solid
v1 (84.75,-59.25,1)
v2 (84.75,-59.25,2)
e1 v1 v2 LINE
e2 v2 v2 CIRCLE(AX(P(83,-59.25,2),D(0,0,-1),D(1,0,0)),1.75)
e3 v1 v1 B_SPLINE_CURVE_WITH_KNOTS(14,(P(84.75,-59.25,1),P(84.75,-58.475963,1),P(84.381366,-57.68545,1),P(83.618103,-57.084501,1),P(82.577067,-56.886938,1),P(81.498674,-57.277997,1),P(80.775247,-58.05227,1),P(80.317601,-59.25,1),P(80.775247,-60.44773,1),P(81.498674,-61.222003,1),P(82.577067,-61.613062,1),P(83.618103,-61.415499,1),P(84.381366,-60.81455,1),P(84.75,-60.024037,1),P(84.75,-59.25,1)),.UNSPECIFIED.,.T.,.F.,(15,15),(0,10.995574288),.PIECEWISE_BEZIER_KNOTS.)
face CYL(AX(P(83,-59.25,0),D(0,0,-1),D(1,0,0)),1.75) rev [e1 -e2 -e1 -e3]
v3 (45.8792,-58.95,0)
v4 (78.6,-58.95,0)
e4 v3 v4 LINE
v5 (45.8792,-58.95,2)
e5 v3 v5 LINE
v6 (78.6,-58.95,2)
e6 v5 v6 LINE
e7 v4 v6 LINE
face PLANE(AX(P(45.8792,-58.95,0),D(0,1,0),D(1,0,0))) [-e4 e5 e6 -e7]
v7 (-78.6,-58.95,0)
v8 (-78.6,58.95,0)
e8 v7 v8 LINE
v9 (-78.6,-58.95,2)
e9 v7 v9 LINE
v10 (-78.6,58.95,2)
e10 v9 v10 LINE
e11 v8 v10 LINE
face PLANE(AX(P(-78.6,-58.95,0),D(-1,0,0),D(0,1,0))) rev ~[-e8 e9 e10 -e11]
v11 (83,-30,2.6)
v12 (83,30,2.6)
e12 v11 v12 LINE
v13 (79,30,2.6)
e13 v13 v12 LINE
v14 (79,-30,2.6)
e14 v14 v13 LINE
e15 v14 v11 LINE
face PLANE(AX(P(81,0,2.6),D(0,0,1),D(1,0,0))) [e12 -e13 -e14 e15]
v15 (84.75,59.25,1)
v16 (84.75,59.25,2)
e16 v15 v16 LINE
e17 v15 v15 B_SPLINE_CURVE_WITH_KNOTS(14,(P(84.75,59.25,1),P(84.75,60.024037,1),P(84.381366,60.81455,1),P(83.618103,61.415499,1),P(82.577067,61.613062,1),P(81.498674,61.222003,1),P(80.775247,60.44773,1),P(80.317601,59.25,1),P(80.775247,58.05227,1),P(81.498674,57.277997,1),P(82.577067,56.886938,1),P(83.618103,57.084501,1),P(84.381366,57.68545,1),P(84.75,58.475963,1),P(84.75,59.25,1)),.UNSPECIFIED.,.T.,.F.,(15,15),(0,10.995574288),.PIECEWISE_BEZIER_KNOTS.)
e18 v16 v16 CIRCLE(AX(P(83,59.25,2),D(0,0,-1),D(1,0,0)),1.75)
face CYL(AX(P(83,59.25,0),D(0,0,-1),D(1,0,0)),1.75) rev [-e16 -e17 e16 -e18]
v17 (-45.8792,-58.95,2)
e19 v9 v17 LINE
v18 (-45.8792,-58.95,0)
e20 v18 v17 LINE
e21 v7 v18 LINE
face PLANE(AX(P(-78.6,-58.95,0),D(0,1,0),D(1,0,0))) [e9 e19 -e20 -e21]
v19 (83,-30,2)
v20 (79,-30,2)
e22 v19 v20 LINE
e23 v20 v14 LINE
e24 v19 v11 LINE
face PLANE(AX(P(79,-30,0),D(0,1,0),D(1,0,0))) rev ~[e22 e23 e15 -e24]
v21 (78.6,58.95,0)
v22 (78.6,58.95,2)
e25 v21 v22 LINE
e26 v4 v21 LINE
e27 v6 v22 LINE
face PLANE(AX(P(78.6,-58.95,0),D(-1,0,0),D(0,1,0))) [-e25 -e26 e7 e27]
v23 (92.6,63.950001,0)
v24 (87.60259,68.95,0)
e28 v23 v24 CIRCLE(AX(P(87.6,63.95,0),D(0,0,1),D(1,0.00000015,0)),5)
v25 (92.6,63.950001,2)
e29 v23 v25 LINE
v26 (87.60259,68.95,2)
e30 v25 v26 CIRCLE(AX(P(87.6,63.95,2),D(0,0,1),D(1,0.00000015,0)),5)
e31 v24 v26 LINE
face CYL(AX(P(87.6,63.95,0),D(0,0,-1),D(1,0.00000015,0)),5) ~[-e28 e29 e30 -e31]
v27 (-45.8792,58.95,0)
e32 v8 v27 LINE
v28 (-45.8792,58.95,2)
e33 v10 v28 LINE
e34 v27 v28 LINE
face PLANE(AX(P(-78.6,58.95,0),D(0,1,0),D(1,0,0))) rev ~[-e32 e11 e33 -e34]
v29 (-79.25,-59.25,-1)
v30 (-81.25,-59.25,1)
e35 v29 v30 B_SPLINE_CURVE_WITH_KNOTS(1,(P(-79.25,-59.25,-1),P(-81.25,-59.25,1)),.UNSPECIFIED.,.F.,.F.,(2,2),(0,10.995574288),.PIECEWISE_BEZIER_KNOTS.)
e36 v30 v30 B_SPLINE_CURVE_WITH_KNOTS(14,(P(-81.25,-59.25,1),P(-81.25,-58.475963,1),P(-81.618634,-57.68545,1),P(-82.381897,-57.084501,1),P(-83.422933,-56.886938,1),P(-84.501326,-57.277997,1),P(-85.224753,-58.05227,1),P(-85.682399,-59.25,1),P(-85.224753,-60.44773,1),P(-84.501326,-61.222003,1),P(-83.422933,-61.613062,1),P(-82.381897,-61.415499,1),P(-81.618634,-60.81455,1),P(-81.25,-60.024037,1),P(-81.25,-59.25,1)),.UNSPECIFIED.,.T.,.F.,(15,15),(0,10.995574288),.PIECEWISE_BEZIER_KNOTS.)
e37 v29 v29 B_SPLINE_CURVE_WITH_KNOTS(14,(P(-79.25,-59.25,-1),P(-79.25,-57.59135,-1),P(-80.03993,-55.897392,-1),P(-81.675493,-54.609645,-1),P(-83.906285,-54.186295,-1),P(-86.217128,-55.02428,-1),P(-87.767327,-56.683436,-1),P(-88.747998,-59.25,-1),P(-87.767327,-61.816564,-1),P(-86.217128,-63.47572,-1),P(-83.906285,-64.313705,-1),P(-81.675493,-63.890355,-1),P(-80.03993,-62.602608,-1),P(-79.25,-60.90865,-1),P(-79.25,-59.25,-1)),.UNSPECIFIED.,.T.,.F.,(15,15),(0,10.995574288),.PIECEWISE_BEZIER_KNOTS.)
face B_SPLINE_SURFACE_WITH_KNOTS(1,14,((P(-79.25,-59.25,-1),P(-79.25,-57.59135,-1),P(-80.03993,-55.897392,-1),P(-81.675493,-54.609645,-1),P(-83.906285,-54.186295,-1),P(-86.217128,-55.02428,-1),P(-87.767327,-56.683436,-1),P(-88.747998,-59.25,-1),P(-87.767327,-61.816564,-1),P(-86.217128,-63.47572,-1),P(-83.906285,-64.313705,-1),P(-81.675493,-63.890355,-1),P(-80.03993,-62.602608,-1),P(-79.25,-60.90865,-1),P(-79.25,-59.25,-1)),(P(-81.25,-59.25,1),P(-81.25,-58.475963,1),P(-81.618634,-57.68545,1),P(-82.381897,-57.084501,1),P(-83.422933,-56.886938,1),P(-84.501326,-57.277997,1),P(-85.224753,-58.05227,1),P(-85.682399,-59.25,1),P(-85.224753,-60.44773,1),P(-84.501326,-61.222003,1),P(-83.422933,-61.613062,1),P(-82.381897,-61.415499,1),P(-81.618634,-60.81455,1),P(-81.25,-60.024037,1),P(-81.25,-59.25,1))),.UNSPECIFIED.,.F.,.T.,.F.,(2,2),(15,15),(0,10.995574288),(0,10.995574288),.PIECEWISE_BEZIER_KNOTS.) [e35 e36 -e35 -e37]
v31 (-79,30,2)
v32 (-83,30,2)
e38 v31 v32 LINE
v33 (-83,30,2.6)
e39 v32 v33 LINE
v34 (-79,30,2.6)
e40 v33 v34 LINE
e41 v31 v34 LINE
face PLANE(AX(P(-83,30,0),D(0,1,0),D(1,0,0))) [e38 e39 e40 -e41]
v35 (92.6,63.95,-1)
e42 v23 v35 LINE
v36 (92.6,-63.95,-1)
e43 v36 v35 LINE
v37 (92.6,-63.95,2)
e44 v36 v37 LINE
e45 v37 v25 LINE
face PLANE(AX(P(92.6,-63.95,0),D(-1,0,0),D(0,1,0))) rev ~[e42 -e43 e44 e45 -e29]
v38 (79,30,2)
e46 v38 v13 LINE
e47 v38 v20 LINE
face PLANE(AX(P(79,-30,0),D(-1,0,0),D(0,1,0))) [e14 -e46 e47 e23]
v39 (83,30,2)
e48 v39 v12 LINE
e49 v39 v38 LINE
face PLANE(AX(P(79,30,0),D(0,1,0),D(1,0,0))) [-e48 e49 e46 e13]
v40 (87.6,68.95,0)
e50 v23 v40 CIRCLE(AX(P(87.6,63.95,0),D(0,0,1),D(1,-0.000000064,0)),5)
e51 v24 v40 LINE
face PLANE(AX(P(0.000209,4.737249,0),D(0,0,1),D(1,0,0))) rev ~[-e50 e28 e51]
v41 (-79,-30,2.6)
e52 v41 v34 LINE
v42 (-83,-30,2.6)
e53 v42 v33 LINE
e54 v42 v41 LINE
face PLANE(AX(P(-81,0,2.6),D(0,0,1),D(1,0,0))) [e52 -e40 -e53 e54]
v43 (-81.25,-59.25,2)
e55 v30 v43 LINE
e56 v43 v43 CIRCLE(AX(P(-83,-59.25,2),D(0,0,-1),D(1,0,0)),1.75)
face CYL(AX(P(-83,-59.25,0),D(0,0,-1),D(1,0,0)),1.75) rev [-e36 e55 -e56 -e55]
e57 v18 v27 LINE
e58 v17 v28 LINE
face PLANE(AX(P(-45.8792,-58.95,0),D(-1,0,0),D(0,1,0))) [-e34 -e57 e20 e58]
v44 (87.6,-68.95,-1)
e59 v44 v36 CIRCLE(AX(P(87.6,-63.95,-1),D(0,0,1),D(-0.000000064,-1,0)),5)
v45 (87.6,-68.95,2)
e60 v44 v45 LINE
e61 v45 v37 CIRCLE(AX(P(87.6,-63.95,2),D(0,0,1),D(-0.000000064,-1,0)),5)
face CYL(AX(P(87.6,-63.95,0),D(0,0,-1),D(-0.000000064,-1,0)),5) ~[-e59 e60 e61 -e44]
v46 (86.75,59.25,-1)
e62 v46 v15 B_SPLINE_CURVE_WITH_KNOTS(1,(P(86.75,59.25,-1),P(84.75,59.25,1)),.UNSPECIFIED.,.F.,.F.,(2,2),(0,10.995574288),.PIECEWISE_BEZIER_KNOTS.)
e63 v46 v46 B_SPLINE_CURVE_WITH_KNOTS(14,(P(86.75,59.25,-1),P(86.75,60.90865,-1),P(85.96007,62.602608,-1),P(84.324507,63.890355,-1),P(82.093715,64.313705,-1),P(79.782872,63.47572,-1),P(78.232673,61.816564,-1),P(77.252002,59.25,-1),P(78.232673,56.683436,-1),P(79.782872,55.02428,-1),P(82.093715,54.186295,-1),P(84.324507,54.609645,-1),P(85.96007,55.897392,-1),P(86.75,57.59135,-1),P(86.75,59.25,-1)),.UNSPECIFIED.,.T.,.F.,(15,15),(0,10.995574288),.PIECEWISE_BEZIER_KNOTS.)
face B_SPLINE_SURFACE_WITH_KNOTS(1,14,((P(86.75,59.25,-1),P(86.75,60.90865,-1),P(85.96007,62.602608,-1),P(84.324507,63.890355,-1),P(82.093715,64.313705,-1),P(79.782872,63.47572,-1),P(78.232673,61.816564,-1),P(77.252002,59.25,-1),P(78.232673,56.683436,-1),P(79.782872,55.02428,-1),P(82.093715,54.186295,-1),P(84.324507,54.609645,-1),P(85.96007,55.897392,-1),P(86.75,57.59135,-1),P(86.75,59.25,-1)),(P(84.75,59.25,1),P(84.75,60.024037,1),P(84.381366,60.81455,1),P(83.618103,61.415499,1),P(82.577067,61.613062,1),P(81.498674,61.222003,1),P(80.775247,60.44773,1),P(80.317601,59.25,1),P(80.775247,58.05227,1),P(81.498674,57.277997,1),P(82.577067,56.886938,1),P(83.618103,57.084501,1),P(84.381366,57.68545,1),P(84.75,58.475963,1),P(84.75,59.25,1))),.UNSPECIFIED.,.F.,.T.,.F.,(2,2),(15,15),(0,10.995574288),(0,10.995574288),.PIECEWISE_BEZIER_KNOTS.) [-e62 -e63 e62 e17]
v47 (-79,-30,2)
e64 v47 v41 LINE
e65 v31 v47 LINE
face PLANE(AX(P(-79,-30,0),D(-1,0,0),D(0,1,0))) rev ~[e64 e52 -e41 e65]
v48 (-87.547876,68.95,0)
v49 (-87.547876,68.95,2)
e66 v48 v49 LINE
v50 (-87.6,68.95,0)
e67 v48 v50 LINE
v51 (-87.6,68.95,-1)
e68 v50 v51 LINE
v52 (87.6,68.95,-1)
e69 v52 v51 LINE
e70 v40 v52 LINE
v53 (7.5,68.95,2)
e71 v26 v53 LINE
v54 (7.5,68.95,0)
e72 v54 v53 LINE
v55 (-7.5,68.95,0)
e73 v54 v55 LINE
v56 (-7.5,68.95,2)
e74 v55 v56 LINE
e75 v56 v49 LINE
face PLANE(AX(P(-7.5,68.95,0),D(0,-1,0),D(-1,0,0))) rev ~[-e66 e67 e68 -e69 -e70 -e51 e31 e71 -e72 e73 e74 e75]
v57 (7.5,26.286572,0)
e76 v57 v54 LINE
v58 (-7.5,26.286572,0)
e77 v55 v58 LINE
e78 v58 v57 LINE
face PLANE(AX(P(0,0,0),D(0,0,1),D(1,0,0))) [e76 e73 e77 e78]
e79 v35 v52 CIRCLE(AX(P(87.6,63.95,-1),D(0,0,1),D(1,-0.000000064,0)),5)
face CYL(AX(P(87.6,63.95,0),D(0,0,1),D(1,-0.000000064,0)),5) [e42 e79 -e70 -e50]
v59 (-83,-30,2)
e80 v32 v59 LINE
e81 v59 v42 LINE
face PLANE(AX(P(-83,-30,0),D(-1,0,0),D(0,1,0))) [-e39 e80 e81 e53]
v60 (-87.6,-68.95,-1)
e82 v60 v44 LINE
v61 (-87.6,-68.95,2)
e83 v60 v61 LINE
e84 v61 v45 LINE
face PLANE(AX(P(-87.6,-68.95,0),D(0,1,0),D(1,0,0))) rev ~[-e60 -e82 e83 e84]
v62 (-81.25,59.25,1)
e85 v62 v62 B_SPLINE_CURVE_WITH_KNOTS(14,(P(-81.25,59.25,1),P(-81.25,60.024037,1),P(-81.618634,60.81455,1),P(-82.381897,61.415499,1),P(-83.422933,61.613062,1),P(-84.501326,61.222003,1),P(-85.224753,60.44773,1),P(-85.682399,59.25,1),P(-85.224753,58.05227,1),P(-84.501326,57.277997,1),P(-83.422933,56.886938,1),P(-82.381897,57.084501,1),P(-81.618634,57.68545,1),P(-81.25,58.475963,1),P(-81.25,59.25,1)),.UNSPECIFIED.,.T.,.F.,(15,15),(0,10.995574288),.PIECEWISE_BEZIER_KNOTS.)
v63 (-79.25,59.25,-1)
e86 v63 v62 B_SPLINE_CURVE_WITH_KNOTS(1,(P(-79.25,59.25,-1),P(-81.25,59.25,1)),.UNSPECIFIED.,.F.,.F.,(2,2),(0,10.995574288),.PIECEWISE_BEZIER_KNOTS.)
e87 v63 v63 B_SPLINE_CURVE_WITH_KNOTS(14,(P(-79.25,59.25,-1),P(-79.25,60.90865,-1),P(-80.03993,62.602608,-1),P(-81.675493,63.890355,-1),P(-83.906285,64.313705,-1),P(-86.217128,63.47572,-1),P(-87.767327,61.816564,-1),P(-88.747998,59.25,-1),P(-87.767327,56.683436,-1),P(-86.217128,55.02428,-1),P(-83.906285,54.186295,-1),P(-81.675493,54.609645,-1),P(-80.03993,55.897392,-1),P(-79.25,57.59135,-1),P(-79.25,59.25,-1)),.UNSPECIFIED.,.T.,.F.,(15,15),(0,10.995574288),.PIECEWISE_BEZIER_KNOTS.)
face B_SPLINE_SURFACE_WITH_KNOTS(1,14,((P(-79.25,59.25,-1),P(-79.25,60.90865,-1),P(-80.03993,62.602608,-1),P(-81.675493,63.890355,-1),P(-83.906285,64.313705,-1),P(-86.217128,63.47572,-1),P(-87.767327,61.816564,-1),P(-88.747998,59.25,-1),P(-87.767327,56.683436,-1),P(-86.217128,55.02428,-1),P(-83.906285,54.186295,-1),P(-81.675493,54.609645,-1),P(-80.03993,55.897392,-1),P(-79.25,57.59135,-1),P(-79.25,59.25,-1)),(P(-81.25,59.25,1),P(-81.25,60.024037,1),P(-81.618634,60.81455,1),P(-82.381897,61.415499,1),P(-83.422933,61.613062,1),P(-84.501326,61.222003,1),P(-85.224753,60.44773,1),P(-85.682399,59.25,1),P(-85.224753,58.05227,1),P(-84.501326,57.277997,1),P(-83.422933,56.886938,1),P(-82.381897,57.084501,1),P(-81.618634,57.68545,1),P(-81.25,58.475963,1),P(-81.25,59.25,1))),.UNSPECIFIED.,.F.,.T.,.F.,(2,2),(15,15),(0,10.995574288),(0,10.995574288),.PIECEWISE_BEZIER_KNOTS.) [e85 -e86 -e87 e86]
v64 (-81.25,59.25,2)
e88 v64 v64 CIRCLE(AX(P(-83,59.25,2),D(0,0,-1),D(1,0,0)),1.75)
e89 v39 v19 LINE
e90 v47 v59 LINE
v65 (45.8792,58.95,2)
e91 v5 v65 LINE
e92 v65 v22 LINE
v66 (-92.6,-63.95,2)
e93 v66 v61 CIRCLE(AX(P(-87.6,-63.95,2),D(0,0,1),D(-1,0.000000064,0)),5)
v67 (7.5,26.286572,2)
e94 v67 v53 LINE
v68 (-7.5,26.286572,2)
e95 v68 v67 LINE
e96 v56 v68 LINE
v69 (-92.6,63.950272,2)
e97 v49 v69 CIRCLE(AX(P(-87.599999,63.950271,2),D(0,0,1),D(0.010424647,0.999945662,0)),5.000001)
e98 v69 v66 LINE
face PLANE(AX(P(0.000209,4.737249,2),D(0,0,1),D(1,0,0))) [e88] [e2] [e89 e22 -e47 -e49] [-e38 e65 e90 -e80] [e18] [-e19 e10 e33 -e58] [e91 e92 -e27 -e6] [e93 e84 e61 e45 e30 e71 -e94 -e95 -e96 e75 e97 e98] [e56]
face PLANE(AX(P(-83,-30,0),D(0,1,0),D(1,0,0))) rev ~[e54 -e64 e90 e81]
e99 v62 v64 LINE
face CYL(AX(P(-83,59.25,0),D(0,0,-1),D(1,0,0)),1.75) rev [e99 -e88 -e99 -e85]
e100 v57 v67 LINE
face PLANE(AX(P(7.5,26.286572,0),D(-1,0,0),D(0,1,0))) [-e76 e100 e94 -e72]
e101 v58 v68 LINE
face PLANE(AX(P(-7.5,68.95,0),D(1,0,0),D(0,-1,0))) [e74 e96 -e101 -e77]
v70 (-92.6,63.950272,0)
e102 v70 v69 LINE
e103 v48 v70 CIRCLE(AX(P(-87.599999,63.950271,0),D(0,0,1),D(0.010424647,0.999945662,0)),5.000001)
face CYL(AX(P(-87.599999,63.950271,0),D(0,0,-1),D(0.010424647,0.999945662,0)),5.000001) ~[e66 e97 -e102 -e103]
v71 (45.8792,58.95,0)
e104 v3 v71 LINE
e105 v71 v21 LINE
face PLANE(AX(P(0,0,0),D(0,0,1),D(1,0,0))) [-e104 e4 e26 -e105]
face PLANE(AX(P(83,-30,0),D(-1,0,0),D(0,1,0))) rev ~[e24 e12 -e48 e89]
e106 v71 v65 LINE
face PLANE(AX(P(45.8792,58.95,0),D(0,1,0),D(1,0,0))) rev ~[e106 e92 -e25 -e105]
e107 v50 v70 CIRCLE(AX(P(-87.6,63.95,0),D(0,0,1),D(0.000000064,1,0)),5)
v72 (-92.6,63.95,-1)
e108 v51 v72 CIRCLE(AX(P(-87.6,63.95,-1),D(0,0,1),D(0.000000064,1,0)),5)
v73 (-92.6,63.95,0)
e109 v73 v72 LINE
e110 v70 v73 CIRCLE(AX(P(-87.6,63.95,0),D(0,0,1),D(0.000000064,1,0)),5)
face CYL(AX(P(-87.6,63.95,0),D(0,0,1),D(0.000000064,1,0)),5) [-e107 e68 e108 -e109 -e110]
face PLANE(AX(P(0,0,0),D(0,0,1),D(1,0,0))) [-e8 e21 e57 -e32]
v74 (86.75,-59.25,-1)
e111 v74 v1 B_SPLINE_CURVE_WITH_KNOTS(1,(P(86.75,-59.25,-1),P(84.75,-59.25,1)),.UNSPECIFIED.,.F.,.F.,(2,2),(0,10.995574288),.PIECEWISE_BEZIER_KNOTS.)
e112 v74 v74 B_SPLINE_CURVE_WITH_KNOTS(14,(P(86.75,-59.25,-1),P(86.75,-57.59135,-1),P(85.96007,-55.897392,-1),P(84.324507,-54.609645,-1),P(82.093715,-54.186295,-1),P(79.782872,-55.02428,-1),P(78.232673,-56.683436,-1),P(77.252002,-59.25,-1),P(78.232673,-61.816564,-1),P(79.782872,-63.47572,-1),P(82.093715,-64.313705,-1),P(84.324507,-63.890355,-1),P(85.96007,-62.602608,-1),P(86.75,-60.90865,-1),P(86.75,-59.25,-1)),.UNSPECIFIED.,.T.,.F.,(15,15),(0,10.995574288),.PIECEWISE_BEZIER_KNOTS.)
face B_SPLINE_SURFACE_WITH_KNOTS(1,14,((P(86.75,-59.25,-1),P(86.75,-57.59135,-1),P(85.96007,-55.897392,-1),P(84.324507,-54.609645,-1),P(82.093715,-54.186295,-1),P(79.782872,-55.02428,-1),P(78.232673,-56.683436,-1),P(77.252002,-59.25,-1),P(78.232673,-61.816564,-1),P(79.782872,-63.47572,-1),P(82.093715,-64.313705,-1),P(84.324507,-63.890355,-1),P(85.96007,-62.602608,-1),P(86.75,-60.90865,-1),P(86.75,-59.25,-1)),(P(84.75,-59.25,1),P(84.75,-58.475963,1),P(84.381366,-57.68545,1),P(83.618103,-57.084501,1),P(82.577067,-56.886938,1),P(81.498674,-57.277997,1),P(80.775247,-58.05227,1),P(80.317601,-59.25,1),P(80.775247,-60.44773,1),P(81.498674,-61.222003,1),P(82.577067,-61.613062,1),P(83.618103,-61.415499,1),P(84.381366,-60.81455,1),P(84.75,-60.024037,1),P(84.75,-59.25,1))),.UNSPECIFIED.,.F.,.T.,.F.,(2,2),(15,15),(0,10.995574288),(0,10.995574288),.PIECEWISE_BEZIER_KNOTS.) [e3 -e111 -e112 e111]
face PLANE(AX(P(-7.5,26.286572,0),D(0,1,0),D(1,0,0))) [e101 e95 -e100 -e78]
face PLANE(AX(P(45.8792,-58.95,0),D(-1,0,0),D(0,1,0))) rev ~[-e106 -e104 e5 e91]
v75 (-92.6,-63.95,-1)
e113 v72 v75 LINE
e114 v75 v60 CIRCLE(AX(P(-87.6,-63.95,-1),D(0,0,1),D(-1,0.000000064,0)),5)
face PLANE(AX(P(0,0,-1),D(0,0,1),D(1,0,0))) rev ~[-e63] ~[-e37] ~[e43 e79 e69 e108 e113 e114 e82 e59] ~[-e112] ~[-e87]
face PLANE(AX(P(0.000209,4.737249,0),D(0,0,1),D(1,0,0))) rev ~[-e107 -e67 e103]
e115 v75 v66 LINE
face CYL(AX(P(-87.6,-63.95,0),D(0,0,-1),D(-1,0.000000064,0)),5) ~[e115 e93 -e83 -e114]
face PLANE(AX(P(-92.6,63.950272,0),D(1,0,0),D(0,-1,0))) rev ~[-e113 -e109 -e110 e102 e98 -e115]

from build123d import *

# Parameters (mm, degrees)
PAD_DEPTH         = 1
SKETCH001_W       = 32.7208
SKETCH001_H       = 117.9
PAD001_DEPTH      = 2
SKETCH002_R       = 1.75
POCKET_DEPTH      = 1.001
POCKET_DEPTH_BACK = -2.001
CHAMFER_SIZE      = 2
SKETCH003_W       = 4
SKETCH003_H       = 60
PAD002_DEPTH      = 2.6


with BuildPart() as part:
    # Sketch → Pad (new body)
    with BuildSketch(Plane.XY):
        with BuildLine():
            Line((-92.6, 63.95), (-92.6, -63.95))
            ThreePointArc((-92.6, -63.95), (-91.135534, -67.485534), (-87.6, -68.95))
            Line((-87.6, -68.95), (87.6, -68.95))
            ThreePointArc((87.6, -68.95), (91.135534, -67.485534), (92.6, -63.95))
            Line((92.6, -63.95), (92.6, 63.95))
            ThreePointArc((92.6, 63.95), (91.135534, 67.485534), (87.6, 68.95))
            Line((87.6, 68.95), (-87.6, 68.95))
            ThreePointArc((-87.6, 68.95), (-91.135534, 67.485534), (-92.6, 63.95))
        make_face()
    extrude(amount=-PAD_DEPTH)

    # Sketch001 → Pad001 (join)
    with BuildSketch(Plane.XY):
        with BuildLine():
            Line((-92.6, 63.950272), (-92.6, -63.95))
            ThreePointArc((-92.6, -63.95), (-91.135534, -67.485534), (-87.6, -68.95))
            Line((-87.6, -68.95), (87.6, -68.95))
            ThreePointArc((87.6, -68.95), (91.135534, -67.485534), (92.6, -63.95))
            Line((92.6, -63.95), (92.6, 63.950001))
            ThreePointArc((92.6, 63.950001), (91.136449, 67.484619), (87.60259, 68.95))
            Line((87.60259, 68.95), (7.5, 68.95))
            Line((7.5, 58.95), (7.5, 68.95))
            Line((7.5, 26.286572), (7.5, 58.95))
            Line((-7.5, 26.286572), (7.5, 26.286572))
            Line((-7.5, 58.95), (-7.5, 26.286572))
            Line((-7.5, 68.95), (-7.5, 58.95))
            Line((-7.5, 68.95), (-87.547876, 68.95))
            ThreePointArc((-87.547876, 68.95), (-91.117057, 67.504186), (-92.6, 63.950272))
        make_face()
        with Locations((-62.2396, 0)):
            Rectangle(SKETCH001_W, SKETCH001_H, mode=Mode.SUBTRACT)
        with Locations((62.2396, 0)):
            Rectangle(SKETCH001_W, SKETCH001_H, mode=Mode.SUBTRACT)
    extrude(amount=PAD001_DEPTH)

    # Sketch002 → Pocket (cut, two sides)
    with BuildSketch(Plane.XY) as pocket_sk:
        with Locations((-83, 59.25)):
            Circle(SKETCH002_R)
        with Locations((83, 59.25)):
            Circle(SKETCH002_R)
        with Locations((83, -59.25)):
            Circle(SKETCH002_R)
        with Locations((-83, -59.25)):
            Circle(SKETCH002_R)
    extrude(amount=-POCKET_DEPTH, mode=Mode.SUBTRACT)
    extrude(pocket_sk.sketch, amount=-POCKET_DEPTH_BACK, mode=Mode.SUBTRACT)

    # Chamfer
    chamfer_edges = [part.edges().sort_by_distance(p)[0] for p in [
        (-84.75, 59.25, -1),
        (-84.75, -59.25, -1),
        (81.25, -59.25, -1),
        (81.25, 59.25, -1),
    ]]
    chamfer(chamfer_edges, length=CHAMFER_SIZE)

    # Sketch003 → Pad002 (join)
    with BuildSketch(Plane.XY):
        with Locations((-81, 0)):
            Rectangle(SKETCH003_W, SKETCH003_H)
        with Locations((81, 0)):
            Rectangle(SKETCH003_W, SKETCH003_H)
    extrude(amount=PAD002_DEPTH)


solid = part.part
